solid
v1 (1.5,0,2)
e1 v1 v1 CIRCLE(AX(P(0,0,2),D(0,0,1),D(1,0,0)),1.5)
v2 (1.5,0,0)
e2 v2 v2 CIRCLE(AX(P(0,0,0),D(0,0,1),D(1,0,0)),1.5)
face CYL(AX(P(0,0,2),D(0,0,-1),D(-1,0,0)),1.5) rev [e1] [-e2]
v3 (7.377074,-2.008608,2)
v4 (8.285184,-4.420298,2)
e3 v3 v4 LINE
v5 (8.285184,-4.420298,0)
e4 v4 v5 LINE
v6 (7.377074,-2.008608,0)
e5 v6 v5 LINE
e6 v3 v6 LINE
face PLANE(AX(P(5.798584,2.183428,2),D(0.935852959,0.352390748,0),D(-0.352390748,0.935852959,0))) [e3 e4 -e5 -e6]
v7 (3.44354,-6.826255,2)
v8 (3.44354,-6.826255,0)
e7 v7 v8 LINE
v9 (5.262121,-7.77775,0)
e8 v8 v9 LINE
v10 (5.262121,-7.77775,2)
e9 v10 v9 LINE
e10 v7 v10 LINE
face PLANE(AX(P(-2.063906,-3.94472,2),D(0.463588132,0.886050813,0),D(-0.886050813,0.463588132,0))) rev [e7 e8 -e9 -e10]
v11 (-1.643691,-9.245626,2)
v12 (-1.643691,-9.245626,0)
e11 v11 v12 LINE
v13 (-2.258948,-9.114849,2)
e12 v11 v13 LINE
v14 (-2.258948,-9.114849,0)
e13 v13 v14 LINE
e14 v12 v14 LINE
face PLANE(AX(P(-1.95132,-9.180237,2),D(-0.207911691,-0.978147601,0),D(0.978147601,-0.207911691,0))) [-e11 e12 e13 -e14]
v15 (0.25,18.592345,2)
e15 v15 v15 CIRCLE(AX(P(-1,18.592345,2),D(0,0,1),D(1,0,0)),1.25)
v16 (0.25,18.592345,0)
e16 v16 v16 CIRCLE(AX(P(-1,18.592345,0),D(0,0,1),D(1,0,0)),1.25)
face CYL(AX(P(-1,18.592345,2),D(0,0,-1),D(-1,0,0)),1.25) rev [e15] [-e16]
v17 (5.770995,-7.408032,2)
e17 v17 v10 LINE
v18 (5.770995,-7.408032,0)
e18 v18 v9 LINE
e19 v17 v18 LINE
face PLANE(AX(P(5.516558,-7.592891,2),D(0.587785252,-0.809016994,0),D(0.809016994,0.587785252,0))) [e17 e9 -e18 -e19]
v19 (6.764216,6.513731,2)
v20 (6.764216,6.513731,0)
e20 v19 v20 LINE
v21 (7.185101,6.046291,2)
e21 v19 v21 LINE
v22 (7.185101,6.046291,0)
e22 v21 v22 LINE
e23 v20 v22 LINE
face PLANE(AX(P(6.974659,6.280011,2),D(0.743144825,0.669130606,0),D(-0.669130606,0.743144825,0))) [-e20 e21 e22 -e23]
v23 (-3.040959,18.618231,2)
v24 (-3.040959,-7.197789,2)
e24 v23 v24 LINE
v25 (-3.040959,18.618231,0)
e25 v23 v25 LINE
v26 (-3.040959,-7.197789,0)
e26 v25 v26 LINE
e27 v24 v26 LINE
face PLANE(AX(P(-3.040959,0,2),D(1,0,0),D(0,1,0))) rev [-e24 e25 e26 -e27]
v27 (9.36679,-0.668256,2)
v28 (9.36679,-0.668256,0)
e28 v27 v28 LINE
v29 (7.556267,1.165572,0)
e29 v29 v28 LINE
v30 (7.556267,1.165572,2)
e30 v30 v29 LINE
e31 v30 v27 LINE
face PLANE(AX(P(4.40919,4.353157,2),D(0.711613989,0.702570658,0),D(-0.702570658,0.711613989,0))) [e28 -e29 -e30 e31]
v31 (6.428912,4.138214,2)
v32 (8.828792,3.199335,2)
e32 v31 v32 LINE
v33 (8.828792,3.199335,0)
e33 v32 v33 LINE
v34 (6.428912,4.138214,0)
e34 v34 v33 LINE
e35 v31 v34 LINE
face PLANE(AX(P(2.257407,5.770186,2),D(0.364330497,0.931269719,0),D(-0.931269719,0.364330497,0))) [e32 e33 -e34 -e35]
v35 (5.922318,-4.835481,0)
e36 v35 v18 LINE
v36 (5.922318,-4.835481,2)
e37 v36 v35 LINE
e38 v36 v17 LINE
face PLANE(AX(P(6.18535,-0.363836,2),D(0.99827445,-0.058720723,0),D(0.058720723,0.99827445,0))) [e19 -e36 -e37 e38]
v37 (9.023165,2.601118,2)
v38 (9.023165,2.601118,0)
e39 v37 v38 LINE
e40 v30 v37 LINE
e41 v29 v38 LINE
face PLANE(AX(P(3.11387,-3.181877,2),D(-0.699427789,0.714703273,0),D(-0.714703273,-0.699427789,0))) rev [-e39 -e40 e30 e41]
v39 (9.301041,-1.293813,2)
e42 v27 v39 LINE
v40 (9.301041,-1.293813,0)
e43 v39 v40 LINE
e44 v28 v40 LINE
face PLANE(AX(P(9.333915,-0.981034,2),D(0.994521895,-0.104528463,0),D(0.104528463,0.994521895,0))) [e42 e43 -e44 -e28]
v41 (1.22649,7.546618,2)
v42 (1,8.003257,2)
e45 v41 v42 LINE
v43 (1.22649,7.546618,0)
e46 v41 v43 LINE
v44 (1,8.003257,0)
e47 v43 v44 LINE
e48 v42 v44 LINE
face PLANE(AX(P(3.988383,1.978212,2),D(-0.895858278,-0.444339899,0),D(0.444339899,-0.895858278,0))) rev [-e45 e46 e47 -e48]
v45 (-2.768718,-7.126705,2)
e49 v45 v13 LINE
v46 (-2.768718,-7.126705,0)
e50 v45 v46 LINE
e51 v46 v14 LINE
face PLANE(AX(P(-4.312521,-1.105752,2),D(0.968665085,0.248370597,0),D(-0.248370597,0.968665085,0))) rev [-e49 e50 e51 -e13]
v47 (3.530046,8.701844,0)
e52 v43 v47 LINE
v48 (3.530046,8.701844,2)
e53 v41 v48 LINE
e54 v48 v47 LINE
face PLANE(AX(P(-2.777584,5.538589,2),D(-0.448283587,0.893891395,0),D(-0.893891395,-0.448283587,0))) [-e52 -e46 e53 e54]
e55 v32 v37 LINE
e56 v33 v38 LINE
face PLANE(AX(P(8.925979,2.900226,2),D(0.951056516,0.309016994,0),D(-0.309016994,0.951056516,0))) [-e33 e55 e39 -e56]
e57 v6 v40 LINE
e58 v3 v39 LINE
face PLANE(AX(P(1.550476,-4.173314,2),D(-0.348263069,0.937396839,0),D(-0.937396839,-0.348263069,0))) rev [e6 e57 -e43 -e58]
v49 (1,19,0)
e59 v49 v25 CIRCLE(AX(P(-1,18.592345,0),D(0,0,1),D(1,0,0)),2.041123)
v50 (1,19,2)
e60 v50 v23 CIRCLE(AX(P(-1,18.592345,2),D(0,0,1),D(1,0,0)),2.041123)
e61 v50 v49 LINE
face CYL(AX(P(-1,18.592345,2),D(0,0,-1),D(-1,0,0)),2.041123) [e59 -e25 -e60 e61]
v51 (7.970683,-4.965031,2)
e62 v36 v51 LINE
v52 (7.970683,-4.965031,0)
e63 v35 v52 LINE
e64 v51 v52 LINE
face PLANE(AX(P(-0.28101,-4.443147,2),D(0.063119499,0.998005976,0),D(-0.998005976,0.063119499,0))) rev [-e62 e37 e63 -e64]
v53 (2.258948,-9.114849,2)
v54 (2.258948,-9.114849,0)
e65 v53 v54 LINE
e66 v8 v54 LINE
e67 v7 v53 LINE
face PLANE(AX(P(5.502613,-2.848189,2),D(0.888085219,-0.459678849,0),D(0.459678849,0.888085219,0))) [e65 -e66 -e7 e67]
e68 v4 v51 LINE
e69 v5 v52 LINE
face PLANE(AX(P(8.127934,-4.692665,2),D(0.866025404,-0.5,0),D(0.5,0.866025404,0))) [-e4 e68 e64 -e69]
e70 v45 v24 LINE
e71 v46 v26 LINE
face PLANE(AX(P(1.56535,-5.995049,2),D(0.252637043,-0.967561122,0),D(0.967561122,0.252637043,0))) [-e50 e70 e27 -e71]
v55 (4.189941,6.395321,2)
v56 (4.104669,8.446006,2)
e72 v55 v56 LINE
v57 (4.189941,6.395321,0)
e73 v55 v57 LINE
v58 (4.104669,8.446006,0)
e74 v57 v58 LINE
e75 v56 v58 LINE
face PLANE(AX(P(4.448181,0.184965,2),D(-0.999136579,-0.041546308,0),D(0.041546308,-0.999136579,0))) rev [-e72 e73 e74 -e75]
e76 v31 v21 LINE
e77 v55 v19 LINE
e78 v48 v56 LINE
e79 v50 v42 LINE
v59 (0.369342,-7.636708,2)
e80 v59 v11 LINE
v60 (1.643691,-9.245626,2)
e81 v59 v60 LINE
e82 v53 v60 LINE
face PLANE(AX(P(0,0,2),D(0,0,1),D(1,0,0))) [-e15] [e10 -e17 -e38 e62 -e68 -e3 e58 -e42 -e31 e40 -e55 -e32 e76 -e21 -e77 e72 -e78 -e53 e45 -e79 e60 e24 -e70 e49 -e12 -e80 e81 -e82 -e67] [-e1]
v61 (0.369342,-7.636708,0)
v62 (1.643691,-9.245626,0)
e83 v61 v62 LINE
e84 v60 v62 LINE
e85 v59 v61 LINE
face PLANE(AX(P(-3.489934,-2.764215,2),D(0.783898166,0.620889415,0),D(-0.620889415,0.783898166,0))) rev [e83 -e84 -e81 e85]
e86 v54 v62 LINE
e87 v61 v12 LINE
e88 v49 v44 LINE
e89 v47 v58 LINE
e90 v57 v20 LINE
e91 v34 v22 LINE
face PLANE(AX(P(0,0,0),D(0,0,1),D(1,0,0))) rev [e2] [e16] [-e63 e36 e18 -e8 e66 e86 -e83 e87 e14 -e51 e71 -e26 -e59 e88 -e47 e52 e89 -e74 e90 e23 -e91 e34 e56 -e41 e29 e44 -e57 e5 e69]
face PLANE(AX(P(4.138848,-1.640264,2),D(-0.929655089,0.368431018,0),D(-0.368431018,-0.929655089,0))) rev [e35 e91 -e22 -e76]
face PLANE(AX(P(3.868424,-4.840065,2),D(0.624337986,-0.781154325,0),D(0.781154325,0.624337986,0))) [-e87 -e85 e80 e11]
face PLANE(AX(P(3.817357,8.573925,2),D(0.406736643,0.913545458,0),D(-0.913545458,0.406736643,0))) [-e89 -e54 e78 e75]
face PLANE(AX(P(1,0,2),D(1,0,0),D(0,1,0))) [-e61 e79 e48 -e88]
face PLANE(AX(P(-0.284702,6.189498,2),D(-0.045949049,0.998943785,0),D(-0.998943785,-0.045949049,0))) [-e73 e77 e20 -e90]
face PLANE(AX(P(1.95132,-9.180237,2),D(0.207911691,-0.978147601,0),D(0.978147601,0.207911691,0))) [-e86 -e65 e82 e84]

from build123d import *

# Parameters (mm, degrees)
SKETCH1_R           = 1.25
BOSS_EXTRUDE2_DEPTH = 2


with BuildPart() as part:
    # Sketch1 → Boss-Extrude2 (new body)
    with BuildSketch(Plane.XY):
        with BuildLine():
            Line((8.285184221, -4.420298479), (7.377074087, -2.008607594))
            Line((7.377074087, -2.008607594), (9.301041093, -1.293812508))
            Line((9.301041093, -1.293812508), (9.366789776, -0.66825558))
            Line((9.366789776, -0.66825558), (7.556266833, 1.165572006))
            Line((7.556266833, 1.165572006), (9.023164798, 2.601117692))
            Line((9.023164798, 2.601117692), (8.828792284, 3.199334781))
            Line((8.828792284, 3.199334781), (6.428912397, 4.138213618))
            Line((6.428912397, 4.138213618), (7.185101337, 6.046291012))
            Line((7.185101337, 6.046291012), (6.764216399, 6.513731092))
            Line((6.764216399, 6.513731092), (4.189940603, 6.3953205))
            Line((4.189940603, 6.3953205), (4.10466858, 8.446005688))
            Line((4.10466858, 8.446005688), (3.530046047, 8.701844123))
            Line((3.530046047, 8.701844123), (1.226490014, 7.546618369))
            Line((1.226490014, 7.546618369), (1, 8.003257429))
            Line((1, 8.003257429), (1, 19))
            ThreePointArc((1, 19), (-1.19198009, 20.624419756), (-3.040958638, 18.618230684))
            Line((-3.040958638, 18.618230684), (-3.040958638, -7.197788875))
            Line((-3.040958638, -7.197788875), (-2.76871845, -7.126705038))
            Line((-2.76871845, -7.126705038), (-2.2589484, -9.114848784))
            Line((-2.2589484, -9.114848784), (-1.643690947, -9.245625793))
            Line((-1.643690947, -9.245625793), (0.36934192, -7.636708264))
            Line((0.36934192, -7.636708264), (1.643690947, -9.245625793))
            Line((1.643690947, -9.245625793), (2.2589484, -9.114848784))
            Line((2.2589484, -9.114848784), (3.443539717, -6.826255253))
            Line((3.443539717, -6.826255253), (5.262121196, -7.777750108))
            Line((5.262121196, -7.777750108), (5.770995046, -7.408031615))
            Line((5.770995046, -7.408031615), (5.922318213, -4.835480694))
            Line((5.922318213, -4.835480694), (7.970682886, -4.965030771))
            Line((7.970682886, -4.965030771), (8.285184221, -4.420298479))
        make_face()
        with BuildLine():
            ThreePointArc((0.384303163, 1.449934853), (0.711767769, 1.320373675), (1, 1.118033989))
            ThreePointArc((1, 1.118033989), (-0.706323533, -1.323294021), (0.372346585, 1.45305128))
            Line((0.372346585, 1.45305128), (0.384303163, 1.449934853))
        make_face(mode=Mode.SUBTRACT)
        with Locations((-1, 18.592345483)):
            Circle(SKETCH1_R, mode=Mode.SUBTRACT)
    extrude(amount=BOSS_EXTRUDE2_DEPTH)


solid = part.part
